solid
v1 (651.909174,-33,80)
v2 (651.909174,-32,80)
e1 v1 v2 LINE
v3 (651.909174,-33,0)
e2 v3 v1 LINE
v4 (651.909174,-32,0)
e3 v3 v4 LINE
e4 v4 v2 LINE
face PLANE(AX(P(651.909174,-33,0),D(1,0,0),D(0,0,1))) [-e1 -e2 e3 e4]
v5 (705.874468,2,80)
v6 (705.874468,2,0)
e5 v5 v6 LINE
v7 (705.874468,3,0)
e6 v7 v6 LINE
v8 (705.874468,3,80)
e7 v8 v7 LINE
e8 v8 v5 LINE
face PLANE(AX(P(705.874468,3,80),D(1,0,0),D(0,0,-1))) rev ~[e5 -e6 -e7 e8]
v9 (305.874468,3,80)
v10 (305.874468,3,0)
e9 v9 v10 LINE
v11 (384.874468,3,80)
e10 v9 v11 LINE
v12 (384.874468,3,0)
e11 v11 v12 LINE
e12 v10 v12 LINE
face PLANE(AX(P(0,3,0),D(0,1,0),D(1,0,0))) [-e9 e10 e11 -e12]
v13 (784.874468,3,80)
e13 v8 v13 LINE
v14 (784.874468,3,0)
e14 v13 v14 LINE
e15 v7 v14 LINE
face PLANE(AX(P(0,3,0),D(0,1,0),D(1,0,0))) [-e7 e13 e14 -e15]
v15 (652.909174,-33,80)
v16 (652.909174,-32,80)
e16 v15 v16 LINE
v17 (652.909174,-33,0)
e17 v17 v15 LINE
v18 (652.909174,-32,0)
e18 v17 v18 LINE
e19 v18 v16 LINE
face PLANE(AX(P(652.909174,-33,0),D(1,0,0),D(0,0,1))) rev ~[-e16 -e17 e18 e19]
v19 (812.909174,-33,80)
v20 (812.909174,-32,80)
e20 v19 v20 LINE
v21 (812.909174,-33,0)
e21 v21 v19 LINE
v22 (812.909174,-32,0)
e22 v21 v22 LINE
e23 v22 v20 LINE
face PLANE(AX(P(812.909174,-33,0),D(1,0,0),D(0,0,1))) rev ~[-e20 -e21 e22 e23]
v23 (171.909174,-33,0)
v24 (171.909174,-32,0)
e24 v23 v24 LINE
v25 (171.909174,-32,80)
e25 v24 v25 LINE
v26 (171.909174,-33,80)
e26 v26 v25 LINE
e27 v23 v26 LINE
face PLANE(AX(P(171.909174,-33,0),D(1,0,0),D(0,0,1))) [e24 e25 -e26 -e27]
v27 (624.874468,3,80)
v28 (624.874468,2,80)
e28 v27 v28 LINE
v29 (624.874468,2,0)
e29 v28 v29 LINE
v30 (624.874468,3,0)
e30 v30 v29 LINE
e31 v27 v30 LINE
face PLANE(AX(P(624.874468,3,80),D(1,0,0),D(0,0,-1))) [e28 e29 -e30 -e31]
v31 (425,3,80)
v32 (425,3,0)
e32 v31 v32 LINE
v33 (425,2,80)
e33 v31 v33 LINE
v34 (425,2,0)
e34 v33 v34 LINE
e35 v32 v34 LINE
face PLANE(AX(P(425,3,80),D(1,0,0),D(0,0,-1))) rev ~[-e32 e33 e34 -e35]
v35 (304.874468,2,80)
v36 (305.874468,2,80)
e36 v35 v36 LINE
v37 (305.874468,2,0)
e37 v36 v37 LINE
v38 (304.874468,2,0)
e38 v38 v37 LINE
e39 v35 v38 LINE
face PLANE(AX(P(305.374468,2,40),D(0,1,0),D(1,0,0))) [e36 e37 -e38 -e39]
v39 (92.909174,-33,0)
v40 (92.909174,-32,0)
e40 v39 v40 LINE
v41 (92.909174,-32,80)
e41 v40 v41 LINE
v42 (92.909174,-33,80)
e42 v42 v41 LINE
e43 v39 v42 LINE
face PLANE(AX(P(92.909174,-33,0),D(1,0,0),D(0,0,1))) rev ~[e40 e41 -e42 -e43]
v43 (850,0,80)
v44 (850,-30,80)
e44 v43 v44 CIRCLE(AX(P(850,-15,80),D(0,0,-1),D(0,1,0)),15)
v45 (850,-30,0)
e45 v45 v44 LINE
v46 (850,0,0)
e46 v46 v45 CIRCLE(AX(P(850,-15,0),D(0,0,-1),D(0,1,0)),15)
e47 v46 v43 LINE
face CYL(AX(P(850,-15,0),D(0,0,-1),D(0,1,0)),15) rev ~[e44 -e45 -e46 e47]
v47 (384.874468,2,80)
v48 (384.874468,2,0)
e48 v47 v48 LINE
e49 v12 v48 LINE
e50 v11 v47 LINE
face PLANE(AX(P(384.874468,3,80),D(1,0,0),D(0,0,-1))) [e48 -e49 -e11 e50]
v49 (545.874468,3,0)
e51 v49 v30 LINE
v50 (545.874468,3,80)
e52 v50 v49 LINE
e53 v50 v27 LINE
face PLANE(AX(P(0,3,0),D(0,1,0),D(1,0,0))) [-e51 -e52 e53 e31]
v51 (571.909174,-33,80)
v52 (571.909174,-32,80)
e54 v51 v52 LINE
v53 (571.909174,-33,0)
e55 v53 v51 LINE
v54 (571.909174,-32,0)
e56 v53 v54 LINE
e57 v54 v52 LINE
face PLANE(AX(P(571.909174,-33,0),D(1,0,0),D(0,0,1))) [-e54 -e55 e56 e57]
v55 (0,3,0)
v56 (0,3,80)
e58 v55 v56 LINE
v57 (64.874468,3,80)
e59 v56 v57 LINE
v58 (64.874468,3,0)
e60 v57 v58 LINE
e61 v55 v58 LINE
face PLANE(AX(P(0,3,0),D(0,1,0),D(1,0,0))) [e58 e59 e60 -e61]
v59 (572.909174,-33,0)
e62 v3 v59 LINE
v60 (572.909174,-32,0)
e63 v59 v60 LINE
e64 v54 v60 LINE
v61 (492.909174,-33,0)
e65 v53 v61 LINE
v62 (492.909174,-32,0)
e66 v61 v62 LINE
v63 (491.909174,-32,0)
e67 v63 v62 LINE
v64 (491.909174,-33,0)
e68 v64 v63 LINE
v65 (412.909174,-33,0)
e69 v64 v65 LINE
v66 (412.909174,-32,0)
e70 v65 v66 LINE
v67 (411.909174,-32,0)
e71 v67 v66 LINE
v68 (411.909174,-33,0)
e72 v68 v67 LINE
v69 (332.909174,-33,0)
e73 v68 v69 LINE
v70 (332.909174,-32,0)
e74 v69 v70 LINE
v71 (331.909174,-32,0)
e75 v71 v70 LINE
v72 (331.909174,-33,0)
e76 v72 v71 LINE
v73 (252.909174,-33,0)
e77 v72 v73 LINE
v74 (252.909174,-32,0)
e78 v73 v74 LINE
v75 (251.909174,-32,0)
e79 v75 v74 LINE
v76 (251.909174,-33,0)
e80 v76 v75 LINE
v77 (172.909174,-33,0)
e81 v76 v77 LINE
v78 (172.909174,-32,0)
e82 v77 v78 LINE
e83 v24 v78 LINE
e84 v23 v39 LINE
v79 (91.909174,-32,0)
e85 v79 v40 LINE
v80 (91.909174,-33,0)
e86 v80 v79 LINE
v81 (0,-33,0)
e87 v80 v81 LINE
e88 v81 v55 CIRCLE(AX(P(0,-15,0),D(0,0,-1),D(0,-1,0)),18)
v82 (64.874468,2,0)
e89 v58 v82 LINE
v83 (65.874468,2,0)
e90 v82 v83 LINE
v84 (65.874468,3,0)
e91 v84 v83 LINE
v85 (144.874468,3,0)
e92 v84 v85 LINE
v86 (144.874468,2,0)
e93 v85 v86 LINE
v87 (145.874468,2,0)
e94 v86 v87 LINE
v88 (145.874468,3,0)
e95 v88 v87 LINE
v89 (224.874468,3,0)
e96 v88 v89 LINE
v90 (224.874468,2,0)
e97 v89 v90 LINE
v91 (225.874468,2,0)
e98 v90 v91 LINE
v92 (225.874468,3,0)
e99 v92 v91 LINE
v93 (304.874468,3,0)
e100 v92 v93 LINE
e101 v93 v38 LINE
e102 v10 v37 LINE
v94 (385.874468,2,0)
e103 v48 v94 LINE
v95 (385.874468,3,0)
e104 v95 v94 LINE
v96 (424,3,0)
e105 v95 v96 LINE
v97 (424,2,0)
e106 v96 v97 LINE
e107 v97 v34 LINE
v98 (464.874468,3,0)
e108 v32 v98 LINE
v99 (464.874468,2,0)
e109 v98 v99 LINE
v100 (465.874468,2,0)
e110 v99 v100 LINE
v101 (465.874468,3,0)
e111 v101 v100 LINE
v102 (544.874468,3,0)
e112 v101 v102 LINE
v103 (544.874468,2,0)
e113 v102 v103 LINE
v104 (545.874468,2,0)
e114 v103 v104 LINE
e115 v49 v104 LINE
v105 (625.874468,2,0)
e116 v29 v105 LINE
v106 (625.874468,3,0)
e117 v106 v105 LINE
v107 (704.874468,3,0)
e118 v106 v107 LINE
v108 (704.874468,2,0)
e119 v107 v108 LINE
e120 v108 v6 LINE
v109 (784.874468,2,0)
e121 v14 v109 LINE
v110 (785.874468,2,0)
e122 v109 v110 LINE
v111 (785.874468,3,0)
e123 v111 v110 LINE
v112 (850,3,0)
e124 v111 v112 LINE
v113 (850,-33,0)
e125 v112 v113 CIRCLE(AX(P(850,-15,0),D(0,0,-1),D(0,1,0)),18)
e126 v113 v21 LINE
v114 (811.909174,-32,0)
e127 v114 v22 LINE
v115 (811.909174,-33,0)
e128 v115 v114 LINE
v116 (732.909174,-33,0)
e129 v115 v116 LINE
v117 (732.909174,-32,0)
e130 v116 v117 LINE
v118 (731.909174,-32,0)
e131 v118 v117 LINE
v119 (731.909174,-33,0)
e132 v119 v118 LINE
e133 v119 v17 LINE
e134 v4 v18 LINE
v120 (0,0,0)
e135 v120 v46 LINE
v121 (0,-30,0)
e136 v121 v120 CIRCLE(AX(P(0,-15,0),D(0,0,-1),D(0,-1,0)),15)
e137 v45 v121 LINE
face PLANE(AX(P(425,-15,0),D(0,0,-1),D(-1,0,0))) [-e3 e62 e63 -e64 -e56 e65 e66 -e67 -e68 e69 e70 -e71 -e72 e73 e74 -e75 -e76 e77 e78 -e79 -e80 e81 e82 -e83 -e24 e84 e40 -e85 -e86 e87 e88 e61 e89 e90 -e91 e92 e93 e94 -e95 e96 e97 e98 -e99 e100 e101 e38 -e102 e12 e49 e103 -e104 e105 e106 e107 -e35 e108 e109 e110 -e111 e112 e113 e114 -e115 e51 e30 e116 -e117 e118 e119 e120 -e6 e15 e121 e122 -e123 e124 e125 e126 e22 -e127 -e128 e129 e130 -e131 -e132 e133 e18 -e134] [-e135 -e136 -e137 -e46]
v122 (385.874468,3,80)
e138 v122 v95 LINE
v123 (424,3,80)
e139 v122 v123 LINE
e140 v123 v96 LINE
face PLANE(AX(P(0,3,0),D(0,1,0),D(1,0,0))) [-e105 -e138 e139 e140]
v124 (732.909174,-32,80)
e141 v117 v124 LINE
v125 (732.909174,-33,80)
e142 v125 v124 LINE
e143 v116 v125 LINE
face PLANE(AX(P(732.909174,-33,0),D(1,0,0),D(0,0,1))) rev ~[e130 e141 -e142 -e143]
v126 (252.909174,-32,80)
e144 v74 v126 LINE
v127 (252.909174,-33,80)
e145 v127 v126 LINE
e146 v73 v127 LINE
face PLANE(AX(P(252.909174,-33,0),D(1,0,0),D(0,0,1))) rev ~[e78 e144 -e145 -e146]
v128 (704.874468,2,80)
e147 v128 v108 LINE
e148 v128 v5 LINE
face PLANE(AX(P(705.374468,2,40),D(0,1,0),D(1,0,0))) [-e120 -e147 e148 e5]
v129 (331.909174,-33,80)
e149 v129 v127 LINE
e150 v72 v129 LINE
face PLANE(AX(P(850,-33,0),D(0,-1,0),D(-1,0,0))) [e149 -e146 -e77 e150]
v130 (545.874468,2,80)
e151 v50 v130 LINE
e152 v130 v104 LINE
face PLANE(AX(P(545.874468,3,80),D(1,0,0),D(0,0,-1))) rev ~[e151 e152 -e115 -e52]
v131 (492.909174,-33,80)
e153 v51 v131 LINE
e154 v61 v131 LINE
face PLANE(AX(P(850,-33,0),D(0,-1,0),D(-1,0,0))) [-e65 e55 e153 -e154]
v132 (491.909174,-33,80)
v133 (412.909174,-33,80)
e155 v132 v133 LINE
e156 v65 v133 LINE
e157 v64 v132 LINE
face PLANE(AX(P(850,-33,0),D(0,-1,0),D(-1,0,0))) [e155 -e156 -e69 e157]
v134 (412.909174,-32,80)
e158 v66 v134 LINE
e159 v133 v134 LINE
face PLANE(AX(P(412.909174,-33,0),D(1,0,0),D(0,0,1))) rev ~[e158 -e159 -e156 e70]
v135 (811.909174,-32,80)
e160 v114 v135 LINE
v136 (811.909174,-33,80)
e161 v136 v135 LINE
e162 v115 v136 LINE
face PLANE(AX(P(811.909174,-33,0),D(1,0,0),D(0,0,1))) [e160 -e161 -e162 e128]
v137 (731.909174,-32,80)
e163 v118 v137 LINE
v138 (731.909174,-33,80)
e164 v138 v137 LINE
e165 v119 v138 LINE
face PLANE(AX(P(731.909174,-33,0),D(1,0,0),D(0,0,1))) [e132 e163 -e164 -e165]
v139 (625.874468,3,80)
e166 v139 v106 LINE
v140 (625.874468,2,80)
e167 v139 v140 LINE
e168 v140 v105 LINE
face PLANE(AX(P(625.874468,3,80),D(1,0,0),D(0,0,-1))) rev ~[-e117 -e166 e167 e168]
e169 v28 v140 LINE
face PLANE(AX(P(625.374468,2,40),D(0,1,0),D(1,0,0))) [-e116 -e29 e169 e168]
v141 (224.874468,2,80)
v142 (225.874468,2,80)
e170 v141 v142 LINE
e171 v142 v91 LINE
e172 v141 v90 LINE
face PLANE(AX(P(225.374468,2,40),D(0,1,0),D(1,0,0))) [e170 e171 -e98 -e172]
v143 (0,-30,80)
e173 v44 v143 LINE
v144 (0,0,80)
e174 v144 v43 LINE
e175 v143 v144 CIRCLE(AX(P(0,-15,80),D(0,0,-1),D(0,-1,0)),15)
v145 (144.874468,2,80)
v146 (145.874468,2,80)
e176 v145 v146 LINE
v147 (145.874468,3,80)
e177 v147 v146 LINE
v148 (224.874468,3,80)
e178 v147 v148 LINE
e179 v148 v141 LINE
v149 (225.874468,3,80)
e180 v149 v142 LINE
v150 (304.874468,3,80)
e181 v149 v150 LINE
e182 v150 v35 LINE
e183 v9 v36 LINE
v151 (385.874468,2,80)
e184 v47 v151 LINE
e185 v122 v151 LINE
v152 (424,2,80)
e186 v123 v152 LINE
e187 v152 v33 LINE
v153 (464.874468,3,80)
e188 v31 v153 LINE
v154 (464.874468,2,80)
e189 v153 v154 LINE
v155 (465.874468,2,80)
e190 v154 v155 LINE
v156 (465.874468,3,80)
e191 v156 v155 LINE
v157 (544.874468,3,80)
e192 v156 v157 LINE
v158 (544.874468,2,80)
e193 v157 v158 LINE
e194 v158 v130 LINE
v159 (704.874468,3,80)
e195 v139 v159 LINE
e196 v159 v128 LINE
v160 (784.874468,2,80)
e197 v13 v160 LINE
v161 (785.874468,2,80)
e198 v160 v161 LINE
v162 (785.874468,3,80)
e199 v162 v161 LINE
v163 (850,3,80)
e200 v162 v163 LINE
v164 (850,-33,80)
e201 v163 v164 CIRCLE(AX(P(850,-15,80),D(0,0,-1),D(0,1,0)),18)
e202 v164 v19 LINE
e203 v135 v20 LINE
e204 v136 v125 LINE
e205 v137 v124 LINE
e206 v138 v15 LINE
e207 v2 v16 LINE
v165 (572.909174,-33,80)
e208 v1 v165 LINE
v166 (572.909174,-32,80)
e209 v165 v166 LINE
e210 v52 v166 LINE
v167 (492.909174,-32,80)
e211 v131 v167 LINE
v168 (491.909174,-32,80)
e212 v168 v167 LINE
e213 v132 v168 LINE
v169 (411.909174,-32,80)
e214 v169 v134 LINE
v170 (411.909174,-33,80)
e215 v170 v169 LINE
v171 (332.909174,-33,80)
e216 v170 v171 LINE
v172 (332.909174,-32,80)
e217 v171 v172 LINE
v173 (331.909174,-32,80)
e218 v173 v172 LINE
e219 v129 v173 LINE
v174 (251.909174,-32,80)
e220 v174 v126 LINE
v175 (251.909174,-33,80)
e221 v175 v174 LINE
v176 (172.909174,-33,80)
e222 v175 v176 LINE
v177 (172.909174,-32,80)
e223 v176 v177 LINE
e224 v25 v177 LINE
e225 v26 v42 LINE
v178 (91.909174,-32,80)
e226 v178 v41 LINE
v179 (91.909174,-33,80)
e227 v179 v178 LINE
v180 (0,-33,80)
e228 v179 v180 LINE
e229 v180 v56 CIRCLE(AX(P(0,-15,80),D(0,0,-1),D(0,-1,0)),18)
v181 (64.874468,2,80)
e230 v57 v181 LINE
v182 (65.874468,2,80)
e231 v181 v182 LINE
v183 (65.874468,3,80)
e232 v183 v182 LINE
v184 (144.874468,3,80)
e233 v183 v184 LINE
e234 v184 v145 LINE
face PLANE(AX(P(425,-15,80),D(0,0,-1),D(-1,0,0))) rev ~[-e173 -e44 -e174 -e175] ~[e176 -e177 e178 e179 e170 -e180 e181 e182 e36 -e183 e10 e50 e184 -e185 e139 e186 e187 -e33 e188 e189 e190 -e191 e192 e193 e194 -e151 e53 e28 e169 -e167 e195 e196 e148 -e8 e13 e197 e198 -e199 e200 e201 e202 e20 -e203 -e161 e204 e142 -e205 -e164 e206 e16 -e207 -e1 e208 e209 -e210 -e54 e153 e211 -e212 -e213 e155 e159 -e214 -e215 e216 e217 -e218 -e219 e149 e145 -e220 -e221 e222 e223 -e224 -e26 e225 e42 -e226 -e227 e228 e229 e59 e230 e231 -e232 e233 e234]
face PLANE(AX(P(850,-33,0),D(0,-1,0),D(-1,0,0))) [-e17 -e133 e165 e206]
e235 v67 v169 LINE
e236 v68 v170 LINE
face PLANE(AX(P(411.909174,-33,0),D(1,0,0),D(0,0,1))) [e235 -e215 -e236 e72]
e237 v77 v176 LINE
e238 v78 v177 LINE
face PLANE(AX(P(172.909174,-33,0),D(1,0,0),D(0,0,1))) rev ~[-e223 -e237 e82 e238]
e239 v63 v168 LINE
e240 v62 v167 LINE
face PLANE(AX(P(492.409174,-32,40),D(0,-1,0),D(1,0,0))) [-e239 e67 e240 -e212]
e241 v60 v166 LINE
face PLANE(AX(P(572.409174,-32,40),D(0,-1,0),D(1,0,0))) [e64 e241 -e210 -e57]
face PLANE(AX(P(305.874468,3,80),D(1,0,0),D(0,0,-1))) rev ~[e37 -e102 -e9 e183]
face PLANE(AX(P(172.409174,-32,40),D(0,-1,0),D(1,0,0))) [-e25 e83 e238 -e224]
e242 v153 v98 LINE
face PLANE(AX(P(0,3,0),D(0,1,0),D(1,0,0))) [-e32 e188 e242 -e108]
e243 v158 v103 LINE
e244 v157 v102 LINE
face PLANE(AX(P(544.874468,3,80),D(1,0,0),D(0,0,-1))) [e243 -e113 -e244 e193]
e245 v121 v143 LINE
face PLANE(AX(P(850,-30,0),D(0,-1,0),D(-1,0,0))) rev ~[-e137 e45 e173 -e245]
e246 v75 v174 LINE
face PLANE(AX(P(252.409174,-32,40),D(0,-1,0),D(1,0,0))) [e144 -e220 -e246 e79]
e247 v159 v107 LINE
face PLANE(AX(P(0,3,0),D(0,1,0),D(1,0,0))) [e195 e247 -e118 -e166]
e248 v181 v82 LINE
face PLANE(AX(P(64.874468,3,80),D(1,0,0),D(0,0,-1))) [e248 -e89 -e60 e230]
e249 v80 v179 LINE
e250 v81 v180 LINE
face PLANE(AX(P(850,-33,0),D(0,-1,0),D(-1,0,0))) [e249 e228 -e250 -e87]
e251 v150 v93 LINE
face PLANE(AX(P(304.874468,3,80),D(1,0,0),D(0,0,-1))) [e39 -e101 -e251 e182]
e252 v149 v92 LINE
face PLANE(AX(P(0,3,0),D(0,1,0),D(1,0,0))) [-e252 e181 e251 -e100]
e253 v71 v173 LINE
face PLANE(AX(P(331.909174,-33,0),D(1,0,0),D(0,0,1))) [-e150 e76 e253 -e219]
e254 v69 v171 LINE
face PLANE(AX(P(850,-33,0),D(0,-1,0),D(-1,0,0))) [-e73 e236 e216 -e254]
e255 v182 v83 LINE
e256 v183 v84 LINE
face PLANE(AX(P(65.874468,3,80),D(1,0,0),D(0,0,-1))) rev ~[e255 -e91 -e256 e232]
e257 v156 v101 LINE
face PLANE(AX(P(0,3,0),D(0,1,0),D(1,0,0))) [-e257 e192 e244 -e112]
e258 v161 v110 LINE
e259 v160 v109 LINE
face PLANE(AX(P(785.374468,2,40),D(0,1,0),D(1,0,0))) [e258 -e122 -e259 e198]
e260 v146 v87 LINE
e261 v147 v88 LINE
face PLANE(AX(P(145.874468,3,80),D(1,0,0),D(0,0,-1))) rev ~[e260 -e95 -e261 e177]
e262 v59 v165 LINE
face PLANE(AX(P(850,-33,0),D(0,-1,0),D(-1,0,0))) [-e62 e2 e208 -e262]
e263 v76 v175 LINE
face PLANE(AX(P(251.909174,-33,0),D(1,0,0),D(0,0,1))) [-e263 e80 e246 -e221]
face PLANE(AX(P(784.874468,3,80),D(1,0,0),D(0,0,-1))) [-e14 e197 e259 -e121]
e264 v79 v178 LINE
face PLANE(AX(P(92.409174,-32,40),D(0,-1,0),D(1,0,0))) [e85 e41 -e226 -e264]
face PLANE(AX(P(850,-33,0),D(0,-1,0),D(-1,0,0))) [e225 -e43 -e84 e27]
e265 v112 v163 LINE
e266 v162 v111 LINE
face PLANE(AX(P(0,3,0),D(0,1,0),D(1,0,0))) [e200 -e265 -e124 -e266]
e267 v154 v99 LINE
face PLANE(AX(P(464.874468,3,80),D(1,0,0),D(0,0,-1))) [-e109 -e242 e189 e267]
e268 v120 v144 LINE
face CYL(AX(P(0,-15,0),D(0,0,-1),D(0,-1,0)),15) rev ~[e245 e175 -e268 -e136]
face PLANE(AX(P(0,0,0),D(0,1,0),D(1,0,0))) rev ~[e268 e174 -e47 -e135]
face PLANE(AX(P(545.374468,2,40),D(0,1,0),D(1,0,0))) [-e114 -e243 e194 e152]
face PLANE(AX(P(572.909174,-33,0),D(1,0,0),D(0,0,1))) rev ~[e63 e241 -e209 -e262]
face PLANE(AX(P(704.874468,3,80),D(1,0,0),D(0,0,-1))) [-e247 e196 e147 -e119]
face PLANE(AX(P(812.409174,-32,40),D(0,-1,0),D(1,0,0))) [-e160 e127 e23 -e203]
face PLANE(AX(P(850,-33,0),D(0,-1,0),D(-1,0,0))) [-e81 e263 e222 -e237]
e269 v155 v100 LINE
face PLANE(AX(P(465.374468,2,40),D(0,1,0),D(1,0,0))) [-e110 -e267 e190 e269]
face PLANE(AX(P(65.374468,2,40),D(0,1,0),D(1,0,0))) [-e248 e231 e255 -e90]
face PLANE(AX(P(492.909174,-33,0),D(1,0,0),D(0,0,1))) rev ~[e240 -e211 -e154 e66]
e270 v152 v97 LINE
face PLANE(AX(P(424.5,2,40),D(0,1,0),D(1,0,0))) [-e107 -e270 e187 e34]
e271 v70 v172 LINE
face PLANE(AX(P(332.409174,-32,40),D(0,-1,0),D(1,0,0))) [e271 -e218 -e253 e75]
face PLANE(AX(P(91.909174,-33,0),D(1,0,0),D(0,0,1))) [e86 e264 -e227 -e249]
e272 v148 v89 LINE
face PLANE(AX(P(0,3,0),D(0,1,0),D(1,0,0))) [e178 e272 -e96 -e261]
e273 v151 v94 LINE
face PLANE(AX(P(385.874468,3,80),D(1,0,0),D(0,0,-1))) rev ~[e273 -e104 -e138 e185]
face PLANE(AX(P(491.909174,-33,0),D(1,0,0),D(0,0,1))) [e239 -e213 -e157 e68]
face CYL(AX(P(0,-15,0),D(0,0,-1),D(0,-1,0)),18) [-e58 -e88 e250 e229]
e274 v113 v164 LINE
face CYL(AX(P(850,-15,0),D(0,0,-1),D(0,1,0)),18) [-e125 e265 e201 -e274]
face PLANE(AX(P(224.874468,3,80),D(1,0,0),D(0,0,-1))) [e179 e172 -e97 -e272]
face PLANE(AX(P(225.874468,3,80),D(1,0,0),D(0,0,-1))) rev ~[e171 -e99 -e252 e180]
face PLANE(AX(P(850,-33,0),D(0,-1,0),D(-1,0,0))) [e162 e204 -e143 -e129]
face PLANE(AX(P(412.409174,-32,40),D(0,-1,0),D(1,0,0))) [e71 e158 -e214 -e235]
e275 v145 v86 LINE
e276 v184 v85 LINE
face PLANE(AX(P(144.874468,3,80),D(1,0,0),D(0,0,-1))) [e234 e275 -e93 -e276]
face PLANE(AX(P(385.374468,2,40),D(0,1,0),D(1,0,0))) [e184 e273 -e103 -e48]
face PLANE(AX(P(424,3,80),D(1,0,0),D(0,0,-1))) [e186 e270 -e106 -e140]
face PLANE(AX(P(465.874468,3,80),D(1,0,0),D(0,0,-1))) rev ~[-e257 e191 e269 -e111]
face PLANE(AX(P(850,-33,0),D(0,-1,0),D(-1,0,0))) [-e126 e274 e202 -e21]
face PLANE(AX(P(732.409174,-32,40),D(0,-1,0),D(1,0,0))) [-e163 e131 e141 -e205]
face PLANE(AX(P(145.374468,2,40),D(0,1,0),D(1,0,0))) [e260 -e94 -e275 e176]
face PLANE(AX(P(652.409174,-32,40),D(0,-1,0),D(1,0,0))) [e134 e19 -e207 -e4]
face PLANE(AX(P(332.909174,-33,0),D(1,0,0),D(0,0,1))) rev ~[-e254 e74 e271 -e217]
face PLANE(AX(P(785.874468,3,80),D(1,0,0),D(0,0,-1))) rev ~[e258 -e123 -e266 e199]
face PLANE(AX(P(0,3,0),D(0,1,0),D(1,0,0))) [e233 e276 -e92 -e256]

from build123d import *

# Parameters (mm, degrees)
EXTRUIR_L_MINA1_DEPTH        = 80
CROQUIS4_W                   = 1
CROQUIS4_H                   = 80
CORTAR_EXTRUIR_L_MINA1_DEPTH = 1
CROQUIS5_W                   = 1
CROQUIS5_H                   = 80
CORTAR_EXTRUIR_L_MINA2_DEPTH = 1


with BuildPart() as part:
    # Croquis1 → Extruir-Lámina1 (new body)
    with BuildSketch(Plane.XY):
        with BuildLine():
            Line((0, 3), (850, 3))
            ThreePointArc((850, 3), (868, -15), (850, -33))
            Line((850, -33), (0, -33))
            ThreePointArc((0, -33), (-18, -15), (0, 3))
        make_face()
        with BuildLine():
            Line((0, 0), (850, 0))
            ThreePointArc((850, 0), (865, -15), (850, -30))
            Line((850, -30), (0, -30))
            ThreePointArc((0, -30), (-15, -15), (0, 0))
        make_face(mode=Mode.SUBTRACT)
    extrude(amount=EXTRUIR_L_MINA1_DEPTH)

    # Croquis4 → Cortar-Extruir-Lámina1 (cut)
    with BuildSketch(Plane(origin=(0, 3, 0), x_dir=(1, 0, 0), z_dir=(0, 1, 0))):
        with Locations((424.5, -40)):
            Rectangle(CROQUIS4_W, CROQUIS4_H)
        with Locations((65.374468325, -40)):
            Rectangle(CROQUIS4_W, CROQUIS4_H)
        with Locations((145.374468325, -40)):
            Rectangle(CROQUIS4_W, CROQUIS4_H)
        with Locations((225.374468325, -40)):
            Rectangle(CROQUIS4_W, CROQUIS4_H)
        with Locations((305.374468325, -40)):
            Rectangle(CROQUIS4_W, CROQUIS4_H)
        with Locations((385.374468325, -40)):
            Rectangle(CROQUIS4_W, CROQUIS4_H)
        with Locations((465.374468325, -40)):
            Rectangle(CROQUIS4_W, CROQUIS4_H)
        with Locations((545.374468325, -40)):
            Rectangle(CROQUIS4_W, CROQUIS4_H)
        with Locations((625.374468325, -40)):
            Rectangle(CROQUIS4_W, CROQUIS4_H)
        with Locations((705.374468325, -40)):
            Rectangle(CROQUIS4_W, CROQUIS4_H)
        with Locations((785.374468325, -40)):
            Rectangle(CROQUIS4_W, CROQUIS4_H)
    extrude(amount=-CORTAR_EXTRUIR_L_MINA1_DEPTH, mode=Mode.SUBTRACT)

    # Croquis5 → Cortar-Extruir-Lámina2 (cut)
    with BuildSketch(Plane.XZ.offset(33)):
        with Locations((92.409174229, 40)):
            Rectangle(CROQUIS5_W, CROQUIS5_H)
        with Locations((172.409174229, 40)):
            Rectangle(CROQUIS5_W, CROQUIS5_H)
        with Locations((252.409174229, 40)):
            Rectangle(CROQUIS5_W, CROQUIS5_H)
        with Locations((332.409174229, 40)):
            Rectangle(CROQUIS5_W, CROQUIS5_H)
        with Locations((412.409174229, 40)):
            Rectangle(CROQUIS5_W, CROQUIS5_H)
        with Locations((492.409174229, 40)):
            Rectangle(CROQUIS5_W, CROQUIS5_H)
        with Locations((572.409174229, 40)):
            Rectangle(CROQUIS5_W, CROQUIS5_H)
        with Locations((652.409174229, 40)):
            Rectangle(CROQUIS5_W, CROQUIS5_H)
        with Locations((732.409174229, 40)):
            Rectangle(CROQUIS5_W, CROQUIS5_H)
        with Locations((812.409174229, 40)):
            Rectangle(CROQUIS5_W, CROQUIS5_H)
    extrude(amount=-CORTAR_EXTRUIR_L_MINA2_DEPTH, mode=Mode.SUBTRACT)


solid = part.part
